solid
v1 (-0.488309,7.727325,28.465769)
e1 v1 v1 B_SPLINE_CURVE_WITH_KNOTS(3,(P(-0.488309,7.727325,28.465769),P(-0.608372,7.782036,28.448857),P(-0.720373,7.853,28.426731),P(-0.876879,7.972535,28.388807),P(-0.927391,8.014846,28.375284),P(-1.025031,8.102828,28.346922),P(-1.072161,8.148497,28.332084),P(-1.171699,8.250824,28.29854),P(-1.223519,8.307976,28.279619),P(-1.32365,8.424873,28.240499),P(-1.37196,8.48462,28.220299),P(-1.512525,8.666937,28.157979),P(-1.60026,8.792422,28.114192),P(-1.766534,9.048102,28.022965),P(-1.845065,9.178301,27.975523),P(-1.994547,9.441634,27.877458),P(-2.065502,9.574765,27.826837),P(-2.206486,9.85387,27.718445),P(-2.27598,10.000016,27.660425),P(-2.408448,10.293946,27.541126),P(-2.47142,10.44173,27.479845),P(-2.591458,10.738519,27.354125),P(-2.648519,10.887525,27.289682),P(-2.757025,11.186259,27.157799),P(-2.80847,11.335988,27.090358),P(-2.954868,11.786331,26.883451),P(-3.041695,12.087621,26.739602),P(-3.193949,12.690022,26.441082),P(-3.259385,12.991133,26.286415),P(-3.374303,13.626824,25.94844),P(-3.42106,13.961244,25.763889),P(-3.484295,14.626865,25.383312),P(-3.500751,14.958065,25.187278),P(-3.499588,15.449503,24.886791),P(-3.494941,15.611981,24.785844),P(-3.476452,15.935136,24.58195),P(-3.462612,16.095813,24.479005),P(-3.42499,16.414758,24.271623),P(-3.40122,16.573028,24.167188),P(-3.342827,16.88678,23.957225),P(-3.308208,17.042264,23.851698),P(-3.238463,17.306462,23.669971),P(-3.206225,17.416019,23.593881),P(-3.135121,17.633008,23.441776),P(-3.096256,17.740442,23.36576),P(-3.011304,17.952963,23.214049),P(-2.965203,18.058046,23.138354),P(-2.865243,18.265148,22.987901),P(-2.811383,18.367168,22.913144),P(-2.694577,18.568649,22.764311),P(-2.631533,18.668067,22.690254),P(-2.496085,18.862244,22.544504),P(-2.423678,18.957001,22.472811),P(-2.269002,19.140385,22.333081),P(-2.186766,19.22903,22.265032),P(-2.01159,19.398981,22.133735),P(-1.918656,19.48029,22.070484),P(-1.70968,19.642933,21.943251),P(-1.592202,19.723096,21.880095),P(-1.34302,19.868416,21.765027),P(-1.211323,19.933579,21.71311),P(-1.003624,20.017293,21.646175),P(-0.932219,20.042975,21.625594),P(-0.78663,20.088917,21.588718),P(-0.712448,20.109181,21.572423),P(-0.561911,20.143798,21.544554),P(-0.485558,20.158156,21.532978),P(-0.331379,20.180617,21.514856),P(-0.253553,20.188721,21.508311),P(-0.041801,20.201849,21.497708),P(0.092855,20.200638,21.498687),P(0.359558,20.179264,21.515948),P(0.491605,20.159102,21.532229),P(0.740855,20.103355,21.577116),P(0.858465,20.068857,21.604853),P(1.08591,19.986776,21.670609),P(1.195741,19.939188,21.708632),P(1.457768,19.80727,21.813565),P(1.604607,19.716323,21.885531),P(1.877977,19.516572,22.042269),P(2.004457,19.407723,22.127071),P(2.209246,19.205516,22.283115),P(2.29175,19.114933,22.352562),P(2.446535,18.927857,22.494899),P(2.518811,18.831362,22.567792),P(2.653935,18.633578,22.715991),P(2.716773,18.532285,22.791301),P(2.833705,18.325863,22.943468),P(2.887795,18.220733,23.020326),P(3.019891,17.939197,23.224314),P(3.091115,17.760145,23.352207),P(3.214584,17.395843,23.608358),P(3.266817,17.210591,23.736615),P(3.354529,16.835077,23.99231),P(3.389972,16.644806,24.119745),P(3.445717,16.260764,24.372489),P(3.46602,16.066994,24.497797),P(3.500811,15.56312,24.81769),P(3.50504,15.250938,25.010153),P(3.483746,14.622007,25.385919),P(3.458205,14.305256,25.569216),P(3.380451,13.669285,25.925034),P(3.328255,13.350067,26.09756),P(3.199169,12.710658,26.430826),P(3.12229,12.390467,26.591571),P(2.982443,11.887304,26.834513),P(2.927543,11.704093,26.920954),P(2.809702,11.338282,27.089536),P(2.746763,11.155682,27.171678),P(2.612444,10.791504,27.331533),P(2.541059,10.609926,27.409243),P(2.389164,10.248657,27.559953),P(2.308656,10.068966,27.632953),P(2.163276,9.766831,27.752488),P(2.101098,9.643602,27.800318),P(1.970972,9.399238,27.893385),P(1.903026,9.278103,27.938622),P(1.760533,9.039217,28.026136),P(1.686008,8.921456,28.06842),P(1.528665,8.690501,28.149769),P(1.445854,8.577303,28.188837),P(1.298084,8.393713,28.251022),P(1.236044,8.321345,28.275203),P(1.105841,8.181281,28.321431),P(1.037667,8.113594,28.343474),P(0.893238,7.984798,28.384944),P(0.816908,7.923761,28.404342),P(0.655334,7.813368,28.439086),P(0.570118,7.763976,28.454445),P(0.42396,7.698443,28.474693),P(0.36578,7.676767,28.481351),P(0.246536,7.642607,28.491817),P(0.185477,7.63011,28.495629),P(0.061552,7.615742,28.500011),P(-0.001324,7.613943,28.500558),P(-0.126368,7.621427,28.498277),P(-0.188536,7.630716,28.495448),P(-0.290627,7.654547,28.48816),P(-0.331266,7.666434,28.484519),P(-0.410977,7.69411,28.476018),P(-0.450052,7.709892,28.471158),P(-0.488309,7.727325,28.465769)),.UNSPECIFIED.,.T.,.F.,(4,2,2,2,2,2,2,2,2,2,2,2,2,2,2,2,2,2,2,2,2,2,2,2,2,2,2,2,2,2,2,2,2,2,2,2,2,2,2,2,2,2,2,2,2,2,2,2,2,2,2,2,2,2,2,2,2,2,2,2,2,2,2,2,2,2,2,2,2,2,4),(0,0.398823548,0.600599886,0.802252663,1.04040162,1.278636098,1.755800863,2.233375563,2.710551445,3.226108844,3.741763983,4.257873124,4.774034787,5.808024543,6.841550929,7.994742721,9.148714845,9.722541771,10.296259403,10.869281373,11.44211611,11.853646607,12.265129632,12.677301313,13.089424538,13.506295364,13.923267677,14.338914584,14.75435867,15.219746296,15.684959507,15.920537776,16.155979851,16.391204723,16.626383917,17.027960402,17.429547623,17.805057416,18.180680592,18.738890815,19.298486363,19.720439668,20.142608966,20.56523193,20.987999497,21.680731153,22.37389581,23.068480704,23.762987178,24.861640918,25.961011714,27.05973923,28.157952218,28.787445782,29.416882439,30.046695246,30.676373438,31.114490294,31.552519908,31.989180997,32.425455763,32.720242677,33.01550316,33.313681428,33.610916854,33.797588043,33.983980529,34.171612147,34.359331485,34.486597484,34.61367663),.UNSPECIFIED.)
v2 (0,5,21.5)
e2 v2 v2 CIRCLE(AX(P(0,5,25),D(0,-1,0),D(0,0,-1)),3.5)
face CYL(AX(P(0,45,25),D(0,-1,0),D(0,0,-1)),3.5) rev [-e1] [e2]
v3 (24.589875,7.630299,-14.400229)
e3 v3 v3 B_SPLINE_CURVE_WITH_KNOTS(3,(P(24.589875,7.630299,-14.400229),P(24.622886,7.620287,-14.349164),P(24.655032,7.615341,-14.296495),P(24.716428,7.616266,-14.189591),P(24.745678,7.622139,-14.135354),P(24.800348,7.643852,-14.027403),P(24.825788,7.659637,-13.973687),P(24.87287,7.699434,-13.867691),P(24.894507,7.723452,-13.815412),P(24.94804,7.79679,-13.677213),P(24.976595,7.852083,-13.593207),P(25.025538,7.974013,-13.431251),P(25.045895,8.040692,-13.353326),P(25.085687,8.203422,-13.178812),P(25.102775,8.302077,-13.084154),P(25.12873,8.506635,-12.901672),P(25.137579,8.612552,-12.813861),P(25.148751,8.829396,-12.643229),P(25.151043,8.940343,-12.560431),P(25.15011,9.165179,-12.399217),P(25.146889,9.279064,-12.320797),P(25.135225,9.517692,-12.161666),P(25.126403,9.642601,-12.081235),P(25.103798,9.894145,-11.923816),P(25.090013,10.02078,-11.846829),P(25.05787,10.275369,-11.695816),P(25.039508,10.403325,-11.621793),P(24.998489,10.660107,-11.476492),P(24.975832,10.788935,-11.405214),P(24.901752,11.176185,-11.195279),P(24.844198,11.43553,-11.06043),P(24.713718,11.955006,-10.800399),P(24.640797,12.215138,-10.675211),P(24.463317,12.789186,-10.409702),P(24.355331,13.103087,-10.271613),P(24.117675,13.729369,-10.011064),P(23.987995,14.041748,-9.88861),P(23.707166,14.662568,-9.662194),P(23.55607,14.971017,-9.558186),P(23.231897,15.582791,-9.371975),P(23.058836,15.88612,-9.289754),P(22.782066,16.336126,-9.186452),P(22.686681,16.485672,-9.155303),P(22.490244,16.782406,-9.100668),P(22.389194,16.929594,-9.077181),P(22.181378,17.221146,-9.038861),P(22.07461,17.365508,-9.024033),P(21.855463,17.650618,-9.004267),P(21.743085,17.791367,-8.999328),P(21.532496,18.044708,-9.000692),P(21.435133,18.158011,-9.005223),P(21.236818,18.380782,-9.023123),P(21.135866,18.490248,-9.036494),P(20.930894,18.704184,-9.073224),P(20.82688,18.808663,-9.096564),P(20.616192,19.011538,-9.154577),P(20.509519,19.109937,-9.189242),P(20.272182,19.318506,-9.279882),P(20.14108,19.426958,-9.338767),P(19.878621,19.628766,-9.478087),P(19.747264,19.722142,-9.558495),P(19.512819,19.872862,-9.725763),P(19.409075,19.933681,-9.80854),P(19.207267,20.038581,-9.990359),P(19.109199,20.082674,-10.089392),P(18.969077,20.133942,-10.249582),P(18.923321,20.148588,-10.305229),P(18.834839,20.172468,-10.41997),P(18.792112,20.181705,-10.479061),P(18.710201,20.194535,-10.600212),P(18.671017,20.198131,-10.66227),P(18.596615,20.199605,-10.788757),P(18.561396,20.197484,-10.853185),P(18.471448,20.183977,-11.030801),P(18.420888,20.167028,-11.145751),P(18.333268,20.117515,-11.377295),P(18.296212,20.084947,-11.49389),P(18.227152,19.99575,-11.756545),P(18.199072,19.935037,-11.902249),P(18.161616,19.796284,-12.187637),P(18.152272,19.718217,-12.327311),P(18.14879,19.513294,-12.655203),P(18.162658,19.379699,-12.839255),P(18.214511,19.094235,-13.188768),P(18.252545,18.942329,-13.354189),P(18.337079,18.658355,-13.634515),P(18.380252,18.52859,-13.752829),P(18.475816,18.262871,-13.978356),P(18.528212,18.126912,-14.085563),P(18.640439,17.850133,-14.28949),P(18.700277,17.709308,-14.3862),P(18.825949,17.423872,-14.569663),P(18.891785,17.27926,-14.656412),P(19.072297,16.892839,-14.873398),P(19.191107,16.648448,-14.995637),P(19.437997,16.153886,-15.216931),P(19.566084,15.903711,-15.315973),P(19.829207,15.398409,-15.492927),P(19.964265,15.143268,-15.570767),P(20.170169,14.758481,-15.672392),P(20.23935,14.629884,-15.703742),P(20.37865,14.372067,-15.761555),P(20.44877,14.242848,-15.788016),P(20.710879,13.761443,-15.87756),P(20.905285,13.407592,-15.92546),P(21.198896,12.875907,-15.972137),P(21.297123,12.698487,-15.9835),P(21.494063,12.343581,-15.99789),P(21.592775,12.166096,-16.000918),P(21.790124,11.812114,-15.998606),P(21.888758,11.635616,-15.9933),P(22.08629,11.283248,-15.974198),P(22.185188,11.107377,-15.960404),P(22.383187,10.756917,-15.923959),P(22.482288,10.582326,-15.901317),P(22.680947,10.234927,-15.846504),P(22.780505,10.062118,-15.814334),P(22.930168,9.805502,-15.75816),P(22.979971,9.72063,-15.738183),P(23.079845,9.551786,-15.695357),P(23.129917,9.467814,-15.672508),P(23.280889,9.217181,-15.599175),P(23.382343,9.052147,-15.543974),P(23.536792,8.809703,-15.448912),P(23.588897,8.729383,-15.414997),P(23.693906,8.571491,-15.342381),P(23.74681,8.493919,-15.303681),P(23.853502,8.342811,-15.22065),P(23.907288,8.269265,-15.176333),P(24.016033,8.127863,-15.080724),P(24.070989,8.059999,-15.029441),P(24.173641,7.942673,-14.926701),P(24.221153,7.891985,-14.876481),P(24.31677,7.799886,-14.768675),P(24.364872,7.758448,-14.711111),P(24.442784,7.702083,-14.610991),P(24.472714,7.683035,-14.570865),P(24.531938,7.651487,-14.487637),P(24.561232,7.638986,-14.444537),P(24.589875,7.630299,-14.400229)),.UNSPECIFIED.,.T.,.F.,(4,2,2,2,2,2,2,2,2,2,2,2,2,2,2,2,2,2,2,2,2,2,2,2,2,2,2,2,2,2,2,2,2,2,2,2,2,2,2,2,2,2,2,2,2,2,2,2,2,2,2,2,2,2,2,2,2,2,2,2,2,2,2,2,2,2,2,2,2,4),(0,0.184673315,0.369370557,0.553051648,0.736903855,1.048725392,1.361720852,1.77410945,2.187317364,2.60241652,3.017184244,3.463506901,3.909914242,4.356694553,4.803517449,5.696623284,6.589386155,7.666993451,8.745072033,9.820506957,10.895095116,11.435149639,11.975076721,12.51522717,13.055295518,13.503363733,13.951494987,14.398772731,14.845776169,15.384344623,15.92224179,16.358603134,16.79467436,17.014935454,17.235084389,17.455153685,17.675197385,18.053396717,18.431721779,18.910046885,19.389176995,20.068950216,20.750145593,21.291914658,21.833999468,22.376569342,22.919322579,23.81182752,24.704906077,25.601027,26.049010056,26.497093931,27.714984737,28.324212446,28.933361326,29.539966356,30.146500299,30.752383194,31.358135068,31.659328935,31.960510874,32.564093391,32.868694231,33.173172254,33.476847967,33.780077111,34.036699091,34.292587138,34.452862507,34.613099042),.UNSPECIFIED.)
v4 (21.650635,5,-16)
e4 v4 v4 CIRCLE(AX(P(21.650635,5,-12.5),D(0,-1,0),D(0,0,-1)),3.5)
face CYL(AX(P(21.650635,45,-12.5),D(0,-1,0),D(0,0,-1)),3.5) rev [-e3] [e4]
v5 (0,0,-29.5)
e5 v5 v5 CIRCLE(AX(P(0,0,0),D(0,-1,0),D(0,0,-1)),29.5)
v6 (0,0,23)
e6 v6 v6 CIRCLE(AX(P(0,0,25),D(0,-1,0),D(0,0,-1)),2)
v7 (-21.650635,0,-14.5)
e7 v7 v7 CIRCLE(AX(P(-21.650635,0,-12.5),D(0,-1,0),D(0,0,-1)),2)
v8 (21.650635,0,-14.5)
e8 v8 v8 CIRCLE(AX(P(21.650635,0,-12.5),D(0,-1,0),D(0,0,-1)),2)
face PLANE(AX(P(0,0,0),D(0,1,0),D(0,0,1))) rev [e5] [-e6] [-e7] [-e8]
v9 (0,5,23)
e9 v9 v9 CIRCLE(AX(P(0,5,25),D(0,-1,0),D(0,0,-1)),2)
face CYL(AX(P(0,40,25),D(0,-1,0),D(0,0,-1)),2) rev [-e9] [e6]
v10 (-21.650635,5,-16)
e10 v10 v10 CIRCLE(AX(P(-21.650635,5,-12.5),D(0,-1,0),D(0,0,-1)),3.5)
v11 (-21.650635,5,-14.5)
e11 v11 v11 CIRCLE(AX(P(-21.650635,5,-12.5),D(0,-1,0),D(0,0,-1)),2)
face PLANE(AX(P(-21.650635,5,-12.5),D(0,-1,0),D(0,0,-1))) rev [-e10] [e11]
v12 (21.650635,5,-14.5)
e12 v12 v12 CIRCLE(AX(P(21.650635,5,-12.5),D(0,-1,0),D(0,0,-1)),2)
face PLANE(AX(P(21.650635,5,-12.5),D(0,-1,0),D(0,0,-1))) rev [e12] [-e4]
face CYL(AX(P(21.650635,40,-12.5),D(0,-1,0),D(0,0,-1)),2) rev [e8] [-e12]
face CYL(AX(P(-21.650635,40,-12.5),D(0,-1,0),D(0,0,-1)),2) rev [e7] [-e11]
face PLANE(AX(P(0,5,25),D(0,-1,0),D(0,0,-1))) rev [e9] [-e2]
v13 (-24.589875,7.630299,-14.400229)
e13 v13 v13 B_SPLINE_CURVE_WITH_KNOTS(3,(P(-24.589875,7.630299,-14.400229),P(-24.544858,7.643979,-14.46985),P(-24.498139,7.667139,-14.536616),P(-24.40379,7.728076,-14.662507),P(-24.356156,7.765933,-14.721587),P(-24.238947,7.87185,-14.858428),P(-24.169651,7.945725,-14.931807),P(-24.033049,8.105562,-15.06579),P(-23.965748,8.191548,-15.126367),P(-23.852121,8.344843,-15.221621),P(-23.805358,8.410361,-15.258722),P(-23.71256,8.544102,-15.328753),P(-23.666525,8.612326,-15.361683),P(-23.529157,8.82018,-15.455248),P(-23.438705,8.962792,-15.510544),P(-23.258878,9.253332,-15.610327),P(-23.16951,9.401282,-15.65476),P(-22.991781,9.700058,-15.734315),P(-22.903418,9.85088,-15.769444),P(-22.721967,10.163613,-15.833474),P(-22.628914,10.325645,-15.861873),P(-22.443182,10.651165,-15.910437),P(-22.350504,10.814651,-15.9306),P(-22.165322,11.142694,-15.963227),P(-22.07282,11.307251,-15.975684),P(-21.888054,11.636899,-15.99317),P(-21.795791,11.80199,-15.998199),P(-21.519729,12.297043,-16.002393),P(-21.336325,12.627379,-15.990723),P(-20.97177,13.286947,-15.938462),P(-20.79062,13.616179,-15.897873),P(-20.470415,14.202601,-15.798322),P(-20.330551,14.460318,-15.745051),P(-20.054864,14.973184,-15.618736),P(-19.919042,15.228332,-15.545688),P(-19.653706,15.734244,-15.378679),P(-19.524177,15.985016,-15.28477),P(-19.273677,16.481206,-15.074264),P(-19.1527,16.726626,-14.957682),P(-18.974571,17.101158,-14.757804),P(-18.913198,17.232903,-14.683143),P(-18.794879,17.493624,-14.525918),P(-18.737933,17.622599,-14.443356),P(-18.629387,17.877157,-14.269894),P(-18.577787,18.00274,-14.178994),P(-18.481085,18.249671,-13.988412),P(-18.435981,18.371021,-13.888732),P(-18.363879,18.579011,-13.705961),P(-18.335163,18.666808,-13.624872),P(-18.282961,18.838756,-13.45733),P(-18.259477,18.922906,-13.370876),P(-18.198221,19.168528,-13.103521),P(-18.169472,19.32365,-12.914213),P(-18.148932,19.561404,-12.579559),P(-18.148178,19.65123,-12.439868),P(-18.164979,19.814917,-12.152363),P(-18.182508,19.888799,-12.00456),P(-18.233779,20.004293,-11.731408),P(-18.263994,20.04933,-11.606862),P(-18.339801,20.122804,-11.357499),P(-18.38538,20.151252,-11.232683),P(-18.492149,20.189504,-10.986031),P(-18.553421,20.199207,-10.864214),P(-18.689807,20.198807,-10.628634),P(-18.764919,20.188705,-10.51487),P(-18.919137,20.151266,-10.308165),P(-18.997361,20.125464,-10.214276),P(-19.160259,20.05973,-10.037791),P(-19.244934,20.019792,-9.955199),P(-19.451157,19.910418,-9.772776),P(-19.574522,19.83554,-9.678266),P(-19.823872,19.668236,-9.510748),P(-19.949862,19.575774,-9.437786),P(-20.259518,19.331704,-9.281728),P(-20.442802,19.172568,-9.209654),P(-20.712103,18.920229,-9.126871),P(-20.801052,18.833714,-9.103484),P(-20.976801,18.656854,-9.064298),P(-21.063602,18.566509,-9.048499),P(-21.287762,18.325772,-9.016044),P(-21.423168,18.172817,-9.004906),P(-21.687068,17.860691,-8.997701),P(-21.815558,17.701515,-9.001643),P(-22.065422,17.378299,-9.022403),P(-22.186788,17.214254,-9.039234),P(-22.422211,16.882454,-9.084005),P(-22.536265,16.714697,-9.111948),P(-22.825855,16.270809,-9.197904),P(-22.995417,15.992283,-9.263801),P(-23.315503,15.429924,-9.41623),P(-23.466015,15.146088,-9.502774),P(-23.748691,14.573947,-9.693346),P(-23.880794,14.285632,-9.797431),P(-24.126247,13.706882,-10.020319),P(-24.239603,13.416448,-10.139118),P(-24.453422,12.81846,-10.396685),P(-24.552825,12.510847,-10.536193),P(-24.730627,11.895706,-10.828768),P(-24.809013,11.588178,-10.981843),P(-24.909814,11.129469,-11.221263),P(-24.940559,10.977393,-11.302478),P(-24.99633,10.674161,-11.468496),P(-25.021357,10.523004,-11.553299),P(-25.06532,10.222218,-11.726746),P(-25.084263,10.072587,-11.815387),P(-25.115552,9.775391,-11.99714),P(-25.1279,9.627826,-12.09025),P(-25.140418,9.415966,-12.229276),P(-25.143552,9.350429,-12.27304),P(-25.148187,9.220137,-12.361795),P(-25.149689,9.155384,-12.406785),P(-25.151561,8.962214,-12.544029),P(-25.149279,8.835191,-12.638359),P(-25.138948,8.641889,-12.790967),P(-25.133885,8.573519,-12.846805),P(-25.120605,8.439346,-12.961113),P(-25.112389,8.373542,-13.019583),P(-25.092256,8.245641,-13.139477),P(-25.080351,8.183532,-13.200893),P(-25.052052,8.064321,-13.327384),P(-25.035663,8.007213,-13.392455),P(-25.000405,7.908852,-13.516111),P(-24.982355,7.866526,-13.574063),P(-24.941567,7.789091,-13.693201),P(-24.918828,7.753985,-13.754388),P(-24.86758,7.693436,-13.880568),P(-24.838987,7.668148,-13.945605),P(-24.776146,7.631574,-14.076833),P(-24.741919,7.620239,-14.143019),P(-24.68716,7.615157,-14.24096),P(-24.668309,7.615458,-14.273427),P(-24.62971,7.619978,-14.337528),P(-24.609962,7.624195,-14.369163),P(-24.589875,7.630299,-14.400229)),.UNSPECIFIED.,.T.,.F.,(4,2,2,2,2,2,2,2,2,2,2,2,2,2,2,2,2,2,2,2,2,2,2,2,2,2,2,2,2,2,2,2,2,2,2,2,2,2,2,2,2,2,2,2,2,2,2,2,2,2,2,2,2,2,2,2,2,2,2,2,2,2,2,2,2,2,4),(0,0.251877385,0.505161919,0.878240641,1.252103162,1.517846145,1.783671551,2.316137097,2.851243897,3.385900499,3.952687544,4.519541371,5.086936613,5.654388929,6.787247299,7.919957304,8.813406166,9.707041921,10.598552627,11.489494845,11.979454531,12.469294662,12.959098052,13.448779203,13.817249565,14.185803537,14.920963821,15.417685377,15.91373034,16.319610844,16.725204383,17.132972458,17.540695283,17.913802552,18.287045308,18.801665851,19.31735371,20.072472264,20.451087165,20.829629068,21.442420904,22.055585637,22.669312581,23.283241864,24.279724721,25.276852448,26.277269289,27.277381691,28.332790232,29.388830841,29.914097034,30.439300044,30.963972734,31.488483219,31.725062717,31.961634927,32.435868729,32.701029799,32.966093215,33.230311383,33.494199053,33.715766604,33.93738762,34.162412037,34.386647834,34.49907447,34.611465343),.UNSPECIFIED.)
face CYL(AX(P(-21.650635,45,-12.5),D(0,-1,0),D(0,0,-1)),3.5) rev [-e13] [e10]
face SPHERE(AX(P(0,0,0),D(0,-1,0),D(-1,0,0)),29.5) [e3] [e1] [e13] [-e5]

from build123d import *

# Parameters (mm, degrees)
CUT_EXTRUDE_START   = -5
SKETCH_2_R          = 3.5
CUT_EXTRUDE_6_DEPTH = 40
SKETCH_2_9_R        = 2
CUT_EXTRUDE_7_DEPTH = 40


with BuildPart() as part:
    # 스케치1 → 회전1 (revolve)
    with BuildSketch(Plane.XY):
        with BuildLine():
            ThreePointArc((0, 29.5), (-20.859650045, 20.859650045), (-29.5, 0))
            Line((-29.5, 0), (0, 0))
            Line((0, 0), (0, 29.5))
        make_face()
    revolve(axis=Axis((0, 0, 0), (0, 1, 0)))

    # 스케치2 → 컷-돌출6 (cut)
    with BuildSketch(Plane.XZ.offset(CUT_EXTRUDE_START)):
        with Locations((0, 25)):
            Circle(SKETCH_2_R)
        with Locations((21.650635095, -12.5)):
            Circle(SKETCH_2_R)
        with Locations((-21.650635095, -12.5)):
            Circle(SKETCH_2_R)
    extrude(amount=-CUT_EXTRUDE_6_DEPTH, mode=Mode.SUBTRACT)

    # 스케치2<9> → 컷-돌출7 (cut)
    with BuildSketch(Plane.XZ):
        with Locations((0, 25)):
            Circle(SKETCH_2_9_R)
        with Locations((21.650635095, -12.5)):
            Circle(SKETCH_2_9_R)
        with Locations((-21.650635095, -12.5)):
            Circle(SKETCH_2_9_R)
    extrude(amount=-CUT_EXTRUDE_7_DEPTH, mode=Mode.SUBTRACT)


solid = part.part
